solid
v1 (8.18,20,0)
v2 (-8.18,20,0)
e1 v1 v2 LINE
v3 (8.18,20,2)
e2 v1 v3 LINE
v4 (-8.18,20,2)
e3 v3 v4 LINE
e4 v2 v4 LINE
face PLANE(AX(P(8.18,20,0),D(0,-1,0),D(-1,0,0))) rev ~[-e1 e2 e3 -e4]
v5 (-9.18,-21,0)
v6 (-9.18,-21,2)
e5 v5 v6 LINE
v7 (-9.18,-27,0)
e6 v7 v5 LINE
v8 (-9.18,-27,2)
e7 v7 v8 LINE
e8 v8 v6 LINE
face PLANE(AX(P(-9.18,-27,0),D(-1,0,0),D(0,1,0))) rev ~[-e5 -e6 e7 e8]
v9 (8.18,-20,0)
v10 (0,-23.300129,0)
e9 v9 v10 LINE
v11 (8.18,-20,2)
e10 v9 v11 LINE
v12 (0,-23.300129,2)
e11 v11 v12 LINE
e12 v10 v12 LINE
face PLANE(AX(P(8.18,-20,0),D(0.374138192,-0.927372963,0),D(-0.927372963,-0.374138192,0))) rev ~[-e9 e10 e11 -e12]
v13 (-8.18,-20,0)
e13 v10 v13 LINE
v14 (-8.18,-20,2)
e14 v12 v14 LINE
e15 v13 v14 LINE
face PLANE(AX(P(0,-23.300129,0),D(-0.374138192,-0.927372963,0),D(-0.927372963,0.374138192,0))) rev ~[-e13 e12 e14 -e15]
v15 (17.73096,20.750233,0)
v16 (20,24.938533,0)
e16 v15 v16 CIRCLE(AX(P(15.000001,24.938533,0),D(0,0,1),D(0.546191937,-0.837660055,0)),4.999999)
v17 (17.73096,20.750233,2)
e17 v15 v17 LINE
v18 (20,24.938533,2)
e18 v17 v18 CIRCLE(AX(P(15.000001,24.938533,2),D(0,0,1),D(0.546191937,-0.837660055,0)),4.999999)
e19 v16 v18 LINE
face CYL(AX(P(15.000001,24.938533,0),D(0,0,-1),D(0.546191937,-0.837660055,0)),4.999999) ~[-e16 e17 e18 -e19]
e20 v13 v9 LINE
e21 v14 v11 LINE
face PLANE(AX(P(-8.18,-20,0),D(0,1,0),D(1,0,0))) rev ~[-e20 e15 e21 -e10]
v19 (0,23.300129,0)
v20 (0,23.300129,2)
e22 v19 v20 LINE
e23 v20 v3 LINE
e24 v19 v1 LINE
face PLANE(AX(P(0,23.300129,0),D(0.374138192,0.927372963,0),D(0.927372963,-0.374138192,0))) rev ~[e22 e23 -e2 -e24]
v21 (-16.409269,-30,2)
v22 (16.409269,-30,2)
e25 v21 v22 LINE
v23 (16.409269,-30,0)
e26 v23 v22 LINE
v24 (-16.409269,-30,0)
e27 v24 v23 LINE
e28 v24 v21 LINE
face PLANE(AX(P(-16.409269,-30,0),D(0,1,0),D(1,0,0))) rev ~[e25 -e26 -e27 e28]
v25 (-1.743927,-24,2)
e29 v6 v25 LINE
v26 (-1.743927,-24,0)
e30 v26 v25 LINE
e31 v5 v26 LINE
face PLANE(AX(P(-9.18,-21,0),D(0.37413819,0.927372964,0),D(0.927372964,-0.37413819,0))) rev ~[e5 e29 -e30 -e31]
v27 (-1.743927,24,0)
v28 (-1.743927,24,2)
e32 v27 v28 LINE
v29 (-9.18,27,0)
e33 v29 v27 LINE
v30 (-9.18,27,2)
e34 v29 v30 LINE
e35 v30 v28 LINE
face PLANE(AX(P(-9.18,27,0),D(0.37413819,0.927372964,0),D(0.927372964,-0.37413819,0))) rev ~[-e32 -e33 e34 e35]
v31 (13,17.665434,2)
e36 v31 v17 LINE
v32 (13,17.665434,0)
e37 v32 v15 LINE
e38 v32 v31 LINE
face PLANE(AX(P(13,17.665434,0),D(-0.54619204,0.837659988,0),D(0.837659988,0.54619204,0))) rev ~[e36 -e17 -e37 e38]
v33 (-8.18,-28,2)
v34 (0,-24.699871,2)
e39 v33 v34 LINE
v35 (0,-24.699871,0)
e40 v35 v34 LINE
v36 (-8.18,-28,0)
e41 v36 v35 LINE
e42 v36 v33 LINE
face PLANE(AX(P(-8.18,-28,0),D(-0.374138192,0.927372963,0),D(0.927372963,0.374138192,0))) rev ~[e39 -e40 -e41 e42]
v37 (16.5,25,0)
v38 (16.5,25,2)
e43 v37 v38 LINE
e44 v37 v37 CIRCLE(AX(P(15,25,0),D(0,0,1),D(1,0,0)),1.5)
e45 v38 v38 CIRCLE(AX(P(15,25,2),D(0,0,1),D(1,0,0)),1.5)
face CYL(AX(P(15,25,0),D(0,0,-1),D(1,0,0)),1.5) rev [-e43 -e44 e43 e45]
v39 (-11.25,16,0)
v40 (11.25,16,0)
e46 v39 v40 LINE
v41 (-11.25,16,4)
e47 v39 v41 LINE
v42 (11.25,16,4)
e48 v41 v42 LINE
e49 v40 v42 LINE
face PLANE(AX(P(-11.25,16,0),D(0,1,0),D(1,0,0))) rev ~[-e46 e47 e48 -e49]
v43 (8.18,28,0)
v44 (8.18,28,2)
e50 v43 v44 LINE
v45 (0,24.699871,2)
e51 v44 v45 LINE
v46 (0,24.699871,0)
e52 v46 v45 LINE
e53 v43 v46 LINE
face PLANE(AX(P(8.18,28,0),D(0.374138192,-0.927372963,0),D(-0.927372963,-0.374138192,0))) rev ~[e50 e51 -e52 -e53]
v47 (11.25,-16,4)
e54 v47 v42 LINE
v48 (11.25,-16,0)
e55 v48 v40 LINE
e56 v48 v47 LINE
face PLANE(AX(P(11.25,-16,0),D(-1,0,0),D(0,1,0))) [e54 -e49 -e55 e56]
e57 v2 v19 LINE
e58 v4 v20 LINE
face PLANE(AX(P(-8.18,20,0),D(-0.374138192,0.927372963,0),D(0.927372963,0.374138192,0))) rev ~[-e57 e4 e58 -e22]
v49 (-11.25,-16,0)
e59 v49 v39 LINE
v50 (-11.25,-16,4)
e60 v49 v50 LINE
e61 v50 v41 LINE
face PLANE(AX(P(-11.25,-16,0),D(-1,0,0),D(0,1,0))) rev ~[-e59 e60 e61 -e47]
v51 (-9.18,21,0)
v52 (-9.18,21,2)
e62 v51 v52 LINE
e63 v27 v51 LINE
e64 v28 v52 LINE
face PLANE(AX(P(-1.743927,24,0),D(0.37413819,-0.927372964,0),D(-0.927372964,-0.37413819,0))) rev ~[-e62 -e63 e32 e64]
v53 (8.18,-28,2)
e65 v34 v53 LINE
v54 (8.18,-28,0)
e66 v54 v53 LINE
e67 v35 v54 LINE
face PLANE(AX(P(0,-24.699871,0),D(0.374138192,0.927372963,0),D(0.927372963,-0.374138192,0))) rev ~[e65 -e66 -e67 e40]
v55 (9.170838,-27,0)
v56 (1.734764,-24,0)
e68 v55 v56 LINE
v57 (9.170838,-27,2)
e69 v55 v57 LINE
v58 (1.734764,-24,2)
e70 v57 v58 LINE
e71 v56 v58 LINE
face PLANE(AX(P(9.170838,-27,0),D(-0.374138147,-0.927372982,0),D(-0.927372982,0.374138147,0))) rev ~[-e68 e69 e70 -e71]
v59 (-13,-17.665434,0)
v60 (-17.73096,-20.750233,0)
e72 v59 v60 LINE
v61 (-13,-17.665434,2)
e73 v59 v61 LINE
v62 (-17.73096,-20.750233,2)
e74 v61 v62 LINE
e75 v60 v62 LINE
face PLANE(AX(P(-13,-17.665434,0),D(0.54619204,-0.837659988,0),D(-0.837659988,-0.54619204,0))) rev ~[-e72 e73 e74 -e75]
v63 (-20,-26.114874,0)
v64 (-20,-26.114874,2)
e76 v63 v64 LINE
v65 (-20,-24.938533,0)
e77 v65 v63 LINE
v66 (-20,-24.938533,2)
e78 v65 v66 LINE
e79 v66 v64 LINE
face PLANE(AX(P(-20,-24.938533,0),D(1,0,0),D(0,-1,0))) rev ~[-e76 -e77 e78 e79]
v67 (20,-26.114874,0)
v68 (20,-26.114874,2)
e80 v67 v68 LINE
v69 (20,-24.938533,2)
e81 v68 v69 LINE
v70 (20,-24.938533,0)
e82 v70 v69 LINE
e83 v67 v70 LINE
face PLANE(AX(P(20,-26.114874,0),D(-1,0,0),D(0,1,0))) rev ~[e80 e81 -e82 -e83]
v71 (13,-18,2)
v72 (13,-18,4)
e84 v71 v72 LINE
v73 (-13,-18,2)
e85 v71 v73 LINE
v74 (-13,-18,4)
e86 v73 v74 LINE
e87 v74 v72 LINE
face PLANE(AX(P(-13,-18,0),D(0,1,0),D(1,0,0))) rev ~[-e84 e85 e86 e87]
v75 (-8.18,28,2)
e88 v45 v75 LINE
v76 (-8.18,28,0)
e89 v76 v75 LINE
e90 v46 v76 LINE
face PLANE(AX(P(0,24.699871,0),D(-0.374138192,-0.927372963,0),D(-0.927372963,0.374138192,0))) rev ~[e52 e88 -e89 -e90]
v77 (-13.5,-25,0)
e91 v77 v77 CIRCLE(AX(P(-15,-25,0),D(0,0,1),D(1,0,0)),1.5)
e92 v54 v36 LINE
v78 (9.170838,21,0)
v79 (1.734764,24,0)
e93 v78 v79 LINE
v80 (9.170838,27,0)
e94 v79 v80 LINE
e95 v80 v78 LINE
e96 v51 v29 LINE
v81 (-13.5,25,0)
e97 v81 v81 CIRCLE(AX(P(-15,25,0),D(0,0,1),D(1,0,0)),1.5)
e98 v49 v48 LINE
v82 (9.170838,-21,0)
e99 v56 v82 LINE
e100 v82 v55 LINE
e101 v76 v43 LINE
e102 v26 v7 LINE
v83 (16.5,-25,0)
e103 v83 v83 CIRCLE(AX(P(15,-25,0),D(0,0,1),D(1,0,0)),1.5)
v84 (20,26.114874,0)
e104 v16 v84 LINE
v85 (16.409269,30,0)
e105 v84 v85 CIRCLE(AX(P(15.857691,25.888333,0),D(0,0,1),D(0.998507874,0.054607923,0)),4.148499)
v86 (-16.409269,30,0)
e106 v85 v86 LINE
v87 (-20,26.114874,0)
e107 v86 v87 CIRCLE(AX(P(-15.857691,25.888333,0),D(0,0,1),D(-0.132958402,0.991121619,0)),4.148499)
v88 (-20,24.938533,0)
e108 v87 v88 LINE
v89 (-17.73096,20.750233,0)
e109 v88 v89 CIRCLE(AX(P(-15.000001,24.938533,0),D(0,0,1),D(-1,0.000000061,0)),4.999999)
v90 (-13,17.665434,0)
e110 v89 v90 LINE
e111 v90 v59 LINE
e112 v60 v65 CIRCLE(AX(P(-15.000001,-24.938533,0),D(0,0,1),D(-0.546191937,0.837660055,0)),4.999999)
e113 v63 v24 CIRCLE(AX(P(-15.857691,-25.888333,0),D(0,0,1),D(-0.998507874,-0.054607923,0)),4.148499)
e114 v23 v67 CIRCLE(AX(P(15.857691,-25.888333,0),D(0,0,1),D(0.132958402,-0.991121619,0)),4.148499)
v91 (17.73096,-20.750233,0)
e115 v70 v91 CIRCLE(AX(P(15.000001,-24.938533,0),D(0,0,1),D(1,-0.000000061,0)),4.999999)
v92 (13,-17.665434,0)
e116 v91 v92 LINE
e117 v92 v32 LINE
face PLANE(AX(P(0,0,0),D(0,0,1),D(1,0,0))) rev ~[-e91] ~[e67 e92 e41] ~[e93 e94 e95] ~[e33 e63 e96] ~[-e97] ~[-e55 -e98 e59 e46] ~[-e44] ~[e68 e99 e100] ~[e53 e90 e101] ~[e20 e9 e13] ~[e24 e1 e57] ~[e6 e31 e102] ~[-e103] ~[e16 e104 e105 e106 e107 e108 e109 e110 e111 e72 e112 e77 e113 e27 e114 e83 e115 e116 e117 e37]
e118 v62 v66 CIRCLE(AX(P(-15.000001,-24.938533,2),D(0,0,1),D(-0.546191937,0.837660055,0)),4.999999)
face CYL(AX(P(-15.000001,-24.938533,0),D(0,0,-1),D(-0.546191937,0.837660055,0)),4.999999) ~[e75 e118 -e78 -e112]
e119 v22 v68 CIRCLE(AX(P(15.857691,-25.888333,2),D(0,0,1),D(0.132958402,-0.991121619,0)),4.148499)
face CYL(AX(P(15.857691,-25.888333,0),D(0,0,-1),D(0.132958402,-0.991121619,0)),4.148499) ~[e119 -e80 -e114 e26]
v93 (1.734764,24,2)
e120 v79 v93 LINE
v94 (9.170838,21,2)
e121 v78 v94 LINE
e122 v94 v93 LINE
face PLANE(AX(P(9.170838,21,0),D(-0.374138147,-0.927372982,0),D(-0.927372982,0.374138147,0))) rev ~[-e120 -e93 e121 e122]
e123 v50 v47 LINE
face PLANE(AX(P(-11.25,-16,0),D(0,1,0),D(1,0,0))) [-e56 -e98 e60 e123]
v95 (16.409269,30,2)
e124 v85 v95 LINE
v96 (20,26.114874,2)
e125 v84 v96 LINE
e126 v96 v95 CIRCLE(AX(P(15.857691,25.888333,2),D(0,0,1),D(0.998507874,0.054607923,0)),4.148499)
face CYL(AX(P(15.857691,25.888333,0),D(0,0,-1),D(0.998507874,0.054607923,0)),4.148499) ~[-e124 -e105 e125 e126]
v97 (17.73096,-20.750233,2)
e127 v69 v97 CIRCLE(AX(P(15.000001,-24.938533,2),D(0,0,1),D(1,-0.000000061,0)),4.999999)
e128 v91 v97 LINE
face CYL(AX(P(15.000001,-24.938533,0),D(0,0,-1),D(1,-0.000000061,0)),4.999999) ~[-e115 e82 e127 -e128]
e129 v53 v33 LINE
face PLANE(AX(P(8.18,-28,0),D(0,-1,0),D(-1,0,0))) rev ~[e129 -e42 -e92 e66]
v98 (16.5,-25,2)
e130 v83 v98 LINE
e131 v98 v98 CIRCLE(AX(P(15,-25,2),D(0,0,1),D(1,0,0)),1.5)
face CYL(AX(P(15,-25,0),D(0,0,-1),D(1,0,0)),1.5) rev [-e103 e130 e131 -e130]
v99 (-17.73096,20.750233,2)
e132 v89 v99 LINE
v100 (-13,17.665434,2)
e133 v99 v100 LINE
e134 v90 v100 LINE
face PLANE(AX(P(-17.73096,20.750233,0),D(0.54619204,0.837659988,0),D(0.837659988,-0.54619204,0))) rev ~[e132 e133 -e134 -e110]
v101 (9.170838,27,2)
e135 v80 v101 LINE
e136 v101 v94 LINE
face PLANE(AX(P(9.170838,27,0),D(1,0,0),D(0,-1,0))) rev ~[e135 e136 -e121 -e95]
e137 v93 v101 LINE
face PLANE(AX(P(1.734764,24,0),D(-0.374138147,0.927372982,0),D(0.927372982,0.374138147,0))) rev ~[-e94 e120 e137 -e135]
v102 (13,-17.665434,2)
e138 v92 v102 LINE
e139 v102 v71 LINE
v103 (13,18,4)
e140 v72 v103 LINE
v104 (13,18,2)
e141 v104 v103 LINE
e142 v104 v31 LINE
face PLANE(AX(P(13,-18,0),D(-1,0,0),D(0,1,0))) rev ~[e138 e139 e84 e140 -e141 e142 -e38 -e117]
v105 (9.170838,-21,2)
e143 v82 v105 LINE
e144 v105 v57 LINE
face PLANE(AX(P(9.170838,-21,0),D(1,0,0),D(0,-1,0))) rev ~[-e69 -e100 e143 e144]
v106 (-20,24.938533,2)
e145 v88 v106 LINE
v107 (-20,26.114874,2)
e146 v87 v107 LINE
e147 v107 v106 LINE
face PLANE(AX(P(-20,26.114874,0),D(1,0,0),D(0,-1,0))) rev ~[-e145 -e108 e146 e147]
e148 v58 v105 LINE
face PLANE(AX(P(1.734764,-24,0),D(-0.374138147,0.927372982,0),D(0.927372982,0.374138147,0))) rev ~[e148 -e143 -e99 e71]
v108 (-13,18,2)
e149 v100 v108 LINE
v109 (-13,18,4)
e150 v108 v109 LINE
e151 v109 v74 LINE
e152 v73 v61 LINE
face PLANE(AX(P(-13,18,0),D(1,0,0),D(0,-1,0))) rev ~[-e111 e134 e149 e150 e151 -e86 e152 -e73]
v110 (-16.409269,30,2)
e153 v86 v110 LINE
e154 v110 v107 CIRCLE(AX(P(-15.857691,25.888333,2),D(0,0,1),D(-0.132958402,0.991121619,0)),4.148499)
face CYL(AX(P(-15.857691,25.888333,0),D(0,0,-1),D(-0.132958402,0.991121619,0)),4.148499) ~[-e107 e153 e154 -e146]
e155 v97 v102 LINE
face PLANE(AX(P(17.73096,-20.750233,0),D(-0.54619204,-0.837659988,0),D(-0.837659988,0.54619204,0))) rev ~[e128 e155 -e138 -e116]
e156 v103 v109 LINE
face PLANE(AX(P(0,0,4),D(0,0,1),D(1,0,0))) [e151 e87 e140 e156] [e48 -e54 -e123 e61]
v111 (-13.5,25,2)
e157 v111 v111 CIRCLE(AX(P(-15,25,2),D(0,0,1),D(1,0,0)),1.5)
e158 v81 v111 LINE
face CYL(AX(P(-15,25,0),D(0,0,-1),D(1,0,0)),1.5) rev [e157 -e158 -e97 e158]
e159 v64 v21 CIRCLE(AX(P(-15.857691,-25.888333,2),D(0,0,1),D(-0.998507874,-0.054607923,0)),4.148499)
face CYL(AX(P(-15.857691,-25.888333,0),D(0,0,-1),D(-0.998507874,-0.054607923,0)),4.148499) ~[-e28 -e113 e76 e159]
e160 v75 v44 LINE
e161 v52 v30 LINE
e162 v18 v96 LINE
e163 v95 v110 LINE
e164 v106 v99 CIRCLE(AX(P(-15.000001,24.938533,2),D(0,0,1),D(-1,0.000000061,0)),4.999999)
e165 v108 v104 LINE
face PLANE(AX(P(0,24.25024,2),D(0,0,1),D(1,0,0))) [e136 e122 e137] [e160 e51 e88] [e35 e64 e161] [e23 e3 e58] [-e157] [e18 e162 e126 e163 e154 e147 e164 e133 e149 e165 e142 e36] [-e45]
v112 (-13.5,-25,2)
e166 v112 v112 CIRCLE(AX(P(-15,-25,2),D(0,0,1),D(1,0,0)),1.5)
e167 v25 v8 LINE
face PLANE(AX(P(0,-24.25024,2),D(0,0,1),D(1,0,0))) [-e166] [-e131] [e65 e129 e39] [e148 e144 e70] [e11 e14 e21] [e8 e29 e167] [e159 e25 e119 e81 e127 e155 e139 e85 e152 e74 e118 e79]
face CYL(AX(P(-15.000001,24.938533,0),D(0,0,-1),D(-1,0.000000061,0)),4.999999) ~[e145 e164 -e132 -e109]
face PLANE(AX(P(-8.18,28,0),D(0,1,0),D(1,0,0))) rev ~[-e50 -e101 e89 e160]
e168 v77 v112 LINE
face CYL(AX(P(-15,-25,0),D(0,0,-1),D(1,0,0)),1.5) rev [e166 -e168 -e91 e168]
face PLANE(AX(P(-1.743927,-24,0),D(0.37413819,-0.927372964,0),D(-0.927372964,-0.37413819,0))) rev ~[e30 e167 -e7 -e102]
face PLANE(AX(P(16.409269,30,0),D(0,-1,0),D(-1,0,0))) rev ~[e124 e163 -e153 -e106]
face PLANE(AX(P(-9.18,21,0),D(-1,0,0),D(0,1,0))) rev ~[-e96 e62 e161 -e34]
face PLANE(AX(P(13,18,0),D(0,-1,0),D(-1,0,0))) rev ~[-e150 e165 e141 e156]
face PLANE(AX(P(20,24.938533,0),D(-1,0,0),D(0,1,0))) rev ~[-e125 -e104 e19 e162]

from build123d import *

# Parameters (mm, degrees)
F0_R     = 3.5
F0_R_2   = 1.5
F1_DEPTH = 2
F0_W     = 22.5
F0_H     = 32
F2_DEPTH = 4


with BuildPart() as f1:
    # F0 (on Top) → F1 (new body)
    with BuildSketch(Plane.XY):
        with BuildLine():
            ThreePointArc((20, 26.114874), (18.904278, 28.704066), (16.409269, 30))
            Line((16.409269, 30), (-16.409269, 30))
            ThreePointArc((-16.409269, 30), (-18.904278, 28.704066), (-20, 26.114874))
            Line((-20, 26.114874), (-20, 24.938533))
            ThreePointArc((-20, 24.938533), (-19.396294, 22.556811), (-17.73096, 20.750233))
            Line((-17.73096, 20.750233), (-13, 17.665434))
            Line((-13, 17.665434), (-13, 18))
            Line((-13, 18), (13, 18))
            Line((13, 18), (13, 17.665434))
            Line((13, 17.665434), (17.73096, 20.750233))
            ThreePointArc((17.73096, 20.750233), (19.396294, 22.556811), (20, 24.938533))
            Line((20, 24.938533), (20, 26.114874))
        make_face()
        with Locations((-15, 25)):
            Circle(F0_R, mode=Mode.SUBTRACT)
        Polygon((-9.18, 27), (-9.18, 28), (-8.18, 28), (8.18, 28), (9.170838, 28), (9.170838, 27), (9.170838, 21), (9.170838, 20), (8.18, 20), (-8.18, 20), (-9.18, 20), (-9.18, 21), align=None, mode=Mode.SUBTRACT)
        with Locations((15, 25)):
            Circle(F0_R, mode=Mode.SUBTRACT)
        with BuildLine():
            Line((17.73096, -20.750233), (13, -17.665434))
            Line((13, -17.665434), (13, -18))
            Line((13, -18), (-13, -18))
            Line((-13, -18), (-13, -17.665434))
            Line((-13, -17.665434), (-17.73096, -20.750233))
            ThreePointArc((-17.73096, -20.750233), (-19.396294, -22.556811), (-20, -24.938533))
            Line((-20, -24.938533), (-20, -26.114874))
            ThreePointArc((-20, -26.114874), (-18.904278, -28.704066), (-16.409269, -30))
            Line((-16.409269, -30), (16.409269, -30))
            ThreePointArc((16.409269, -30), (18.904278, -28.704066), (20, -26.114874))
            Line((20, -26.114874), (20, -24.938533))
            ThreePointArc((20, -24.938533), (19.396294, -22.556811), (17.73096, -20.750233))
        make_face()
        with Locations((-15, -25)):
            Circle(F0_R, mode=Mode.SUBTRACT)
        Polygon((-8.18, -20), (8.18, -20), (9.170838, -20), (9.170838, -21), (9.170838, -27), (9.170838, -28), (8.18, -28), (-8.18, -28), (-9.18, -28), (-9.18, -27), (-9.18, -21), (-9.18, -20), align=None, mode=Mode.SUBTRACT)
        with Locations((15, -25)):
            Circle(F0_R, mode=Mode.SUBTRACT)
        with Locations((-15, -25)):
            Circle(F0_R)
        with Locations((-15, -25)):
            Circle(F0_R_2, mode=Mode.SUBTRACT)
        with Locations((15, -25)):
            Circle(F0_R)
        with Locations((15, -25)):
            Circle(F0_R_2, mode=Mode.SUBTRACT)
        with Locations((15, 25)):
            Circle(F0_R)
        with Locations((15, 25)):
            Circle(F0_R_2, mode=Mode.SUBTRACT)
        with Locations((-15, 25)):
            Circle(F0_R)
        with Locations((-15, 25)):
            Circle(F0_R_2, mode=Mode.SUBTRACT)
        Polygon((-8.18, 28), (-9.18, 28), (-9.18, 27), (-1.743927, 24), (-9.18, 21), (-9.18, 20), (-8.18, 20), (0, 23.300129), (8.18, 20), (9.170838, 20), (9.170838, 21), (1.734764, 24), (9.170838, 27), (9.170838, 28), (8.18, 28), (0, 24.699871), align=None)
        Polygon((9.170838, -20), (8.18, -20), (0, -23.300129), (-8.18, -20), (-9.18, -20), (-9.18, -21), (-1.743927, -24), (-9.18, -27), (-9.18, -28), (-8.18, -28), (0, -24.699871), (8.18, -28), (9.170838, -28), (9.170838, -27), (1.734764, -24), (9.170838, -21), align=None)
    extrude(amount=F1_DEPTH)

    # F0 (on Top) → F2 (join)
    with BuildSketch(Plane.XY):
        Polygon((13, -17.665434), (13, 17.665434), (13, 18), (-13, 18), (-13, 17.665434), (-13, -17.665434), (-13, -18), (13, -18), align=None)
        Rectangle(F0_W, F0_H, mode=Mode.SUBTRACT)
    extrude(amount=F2_DEPTH)


solid = f1.part
